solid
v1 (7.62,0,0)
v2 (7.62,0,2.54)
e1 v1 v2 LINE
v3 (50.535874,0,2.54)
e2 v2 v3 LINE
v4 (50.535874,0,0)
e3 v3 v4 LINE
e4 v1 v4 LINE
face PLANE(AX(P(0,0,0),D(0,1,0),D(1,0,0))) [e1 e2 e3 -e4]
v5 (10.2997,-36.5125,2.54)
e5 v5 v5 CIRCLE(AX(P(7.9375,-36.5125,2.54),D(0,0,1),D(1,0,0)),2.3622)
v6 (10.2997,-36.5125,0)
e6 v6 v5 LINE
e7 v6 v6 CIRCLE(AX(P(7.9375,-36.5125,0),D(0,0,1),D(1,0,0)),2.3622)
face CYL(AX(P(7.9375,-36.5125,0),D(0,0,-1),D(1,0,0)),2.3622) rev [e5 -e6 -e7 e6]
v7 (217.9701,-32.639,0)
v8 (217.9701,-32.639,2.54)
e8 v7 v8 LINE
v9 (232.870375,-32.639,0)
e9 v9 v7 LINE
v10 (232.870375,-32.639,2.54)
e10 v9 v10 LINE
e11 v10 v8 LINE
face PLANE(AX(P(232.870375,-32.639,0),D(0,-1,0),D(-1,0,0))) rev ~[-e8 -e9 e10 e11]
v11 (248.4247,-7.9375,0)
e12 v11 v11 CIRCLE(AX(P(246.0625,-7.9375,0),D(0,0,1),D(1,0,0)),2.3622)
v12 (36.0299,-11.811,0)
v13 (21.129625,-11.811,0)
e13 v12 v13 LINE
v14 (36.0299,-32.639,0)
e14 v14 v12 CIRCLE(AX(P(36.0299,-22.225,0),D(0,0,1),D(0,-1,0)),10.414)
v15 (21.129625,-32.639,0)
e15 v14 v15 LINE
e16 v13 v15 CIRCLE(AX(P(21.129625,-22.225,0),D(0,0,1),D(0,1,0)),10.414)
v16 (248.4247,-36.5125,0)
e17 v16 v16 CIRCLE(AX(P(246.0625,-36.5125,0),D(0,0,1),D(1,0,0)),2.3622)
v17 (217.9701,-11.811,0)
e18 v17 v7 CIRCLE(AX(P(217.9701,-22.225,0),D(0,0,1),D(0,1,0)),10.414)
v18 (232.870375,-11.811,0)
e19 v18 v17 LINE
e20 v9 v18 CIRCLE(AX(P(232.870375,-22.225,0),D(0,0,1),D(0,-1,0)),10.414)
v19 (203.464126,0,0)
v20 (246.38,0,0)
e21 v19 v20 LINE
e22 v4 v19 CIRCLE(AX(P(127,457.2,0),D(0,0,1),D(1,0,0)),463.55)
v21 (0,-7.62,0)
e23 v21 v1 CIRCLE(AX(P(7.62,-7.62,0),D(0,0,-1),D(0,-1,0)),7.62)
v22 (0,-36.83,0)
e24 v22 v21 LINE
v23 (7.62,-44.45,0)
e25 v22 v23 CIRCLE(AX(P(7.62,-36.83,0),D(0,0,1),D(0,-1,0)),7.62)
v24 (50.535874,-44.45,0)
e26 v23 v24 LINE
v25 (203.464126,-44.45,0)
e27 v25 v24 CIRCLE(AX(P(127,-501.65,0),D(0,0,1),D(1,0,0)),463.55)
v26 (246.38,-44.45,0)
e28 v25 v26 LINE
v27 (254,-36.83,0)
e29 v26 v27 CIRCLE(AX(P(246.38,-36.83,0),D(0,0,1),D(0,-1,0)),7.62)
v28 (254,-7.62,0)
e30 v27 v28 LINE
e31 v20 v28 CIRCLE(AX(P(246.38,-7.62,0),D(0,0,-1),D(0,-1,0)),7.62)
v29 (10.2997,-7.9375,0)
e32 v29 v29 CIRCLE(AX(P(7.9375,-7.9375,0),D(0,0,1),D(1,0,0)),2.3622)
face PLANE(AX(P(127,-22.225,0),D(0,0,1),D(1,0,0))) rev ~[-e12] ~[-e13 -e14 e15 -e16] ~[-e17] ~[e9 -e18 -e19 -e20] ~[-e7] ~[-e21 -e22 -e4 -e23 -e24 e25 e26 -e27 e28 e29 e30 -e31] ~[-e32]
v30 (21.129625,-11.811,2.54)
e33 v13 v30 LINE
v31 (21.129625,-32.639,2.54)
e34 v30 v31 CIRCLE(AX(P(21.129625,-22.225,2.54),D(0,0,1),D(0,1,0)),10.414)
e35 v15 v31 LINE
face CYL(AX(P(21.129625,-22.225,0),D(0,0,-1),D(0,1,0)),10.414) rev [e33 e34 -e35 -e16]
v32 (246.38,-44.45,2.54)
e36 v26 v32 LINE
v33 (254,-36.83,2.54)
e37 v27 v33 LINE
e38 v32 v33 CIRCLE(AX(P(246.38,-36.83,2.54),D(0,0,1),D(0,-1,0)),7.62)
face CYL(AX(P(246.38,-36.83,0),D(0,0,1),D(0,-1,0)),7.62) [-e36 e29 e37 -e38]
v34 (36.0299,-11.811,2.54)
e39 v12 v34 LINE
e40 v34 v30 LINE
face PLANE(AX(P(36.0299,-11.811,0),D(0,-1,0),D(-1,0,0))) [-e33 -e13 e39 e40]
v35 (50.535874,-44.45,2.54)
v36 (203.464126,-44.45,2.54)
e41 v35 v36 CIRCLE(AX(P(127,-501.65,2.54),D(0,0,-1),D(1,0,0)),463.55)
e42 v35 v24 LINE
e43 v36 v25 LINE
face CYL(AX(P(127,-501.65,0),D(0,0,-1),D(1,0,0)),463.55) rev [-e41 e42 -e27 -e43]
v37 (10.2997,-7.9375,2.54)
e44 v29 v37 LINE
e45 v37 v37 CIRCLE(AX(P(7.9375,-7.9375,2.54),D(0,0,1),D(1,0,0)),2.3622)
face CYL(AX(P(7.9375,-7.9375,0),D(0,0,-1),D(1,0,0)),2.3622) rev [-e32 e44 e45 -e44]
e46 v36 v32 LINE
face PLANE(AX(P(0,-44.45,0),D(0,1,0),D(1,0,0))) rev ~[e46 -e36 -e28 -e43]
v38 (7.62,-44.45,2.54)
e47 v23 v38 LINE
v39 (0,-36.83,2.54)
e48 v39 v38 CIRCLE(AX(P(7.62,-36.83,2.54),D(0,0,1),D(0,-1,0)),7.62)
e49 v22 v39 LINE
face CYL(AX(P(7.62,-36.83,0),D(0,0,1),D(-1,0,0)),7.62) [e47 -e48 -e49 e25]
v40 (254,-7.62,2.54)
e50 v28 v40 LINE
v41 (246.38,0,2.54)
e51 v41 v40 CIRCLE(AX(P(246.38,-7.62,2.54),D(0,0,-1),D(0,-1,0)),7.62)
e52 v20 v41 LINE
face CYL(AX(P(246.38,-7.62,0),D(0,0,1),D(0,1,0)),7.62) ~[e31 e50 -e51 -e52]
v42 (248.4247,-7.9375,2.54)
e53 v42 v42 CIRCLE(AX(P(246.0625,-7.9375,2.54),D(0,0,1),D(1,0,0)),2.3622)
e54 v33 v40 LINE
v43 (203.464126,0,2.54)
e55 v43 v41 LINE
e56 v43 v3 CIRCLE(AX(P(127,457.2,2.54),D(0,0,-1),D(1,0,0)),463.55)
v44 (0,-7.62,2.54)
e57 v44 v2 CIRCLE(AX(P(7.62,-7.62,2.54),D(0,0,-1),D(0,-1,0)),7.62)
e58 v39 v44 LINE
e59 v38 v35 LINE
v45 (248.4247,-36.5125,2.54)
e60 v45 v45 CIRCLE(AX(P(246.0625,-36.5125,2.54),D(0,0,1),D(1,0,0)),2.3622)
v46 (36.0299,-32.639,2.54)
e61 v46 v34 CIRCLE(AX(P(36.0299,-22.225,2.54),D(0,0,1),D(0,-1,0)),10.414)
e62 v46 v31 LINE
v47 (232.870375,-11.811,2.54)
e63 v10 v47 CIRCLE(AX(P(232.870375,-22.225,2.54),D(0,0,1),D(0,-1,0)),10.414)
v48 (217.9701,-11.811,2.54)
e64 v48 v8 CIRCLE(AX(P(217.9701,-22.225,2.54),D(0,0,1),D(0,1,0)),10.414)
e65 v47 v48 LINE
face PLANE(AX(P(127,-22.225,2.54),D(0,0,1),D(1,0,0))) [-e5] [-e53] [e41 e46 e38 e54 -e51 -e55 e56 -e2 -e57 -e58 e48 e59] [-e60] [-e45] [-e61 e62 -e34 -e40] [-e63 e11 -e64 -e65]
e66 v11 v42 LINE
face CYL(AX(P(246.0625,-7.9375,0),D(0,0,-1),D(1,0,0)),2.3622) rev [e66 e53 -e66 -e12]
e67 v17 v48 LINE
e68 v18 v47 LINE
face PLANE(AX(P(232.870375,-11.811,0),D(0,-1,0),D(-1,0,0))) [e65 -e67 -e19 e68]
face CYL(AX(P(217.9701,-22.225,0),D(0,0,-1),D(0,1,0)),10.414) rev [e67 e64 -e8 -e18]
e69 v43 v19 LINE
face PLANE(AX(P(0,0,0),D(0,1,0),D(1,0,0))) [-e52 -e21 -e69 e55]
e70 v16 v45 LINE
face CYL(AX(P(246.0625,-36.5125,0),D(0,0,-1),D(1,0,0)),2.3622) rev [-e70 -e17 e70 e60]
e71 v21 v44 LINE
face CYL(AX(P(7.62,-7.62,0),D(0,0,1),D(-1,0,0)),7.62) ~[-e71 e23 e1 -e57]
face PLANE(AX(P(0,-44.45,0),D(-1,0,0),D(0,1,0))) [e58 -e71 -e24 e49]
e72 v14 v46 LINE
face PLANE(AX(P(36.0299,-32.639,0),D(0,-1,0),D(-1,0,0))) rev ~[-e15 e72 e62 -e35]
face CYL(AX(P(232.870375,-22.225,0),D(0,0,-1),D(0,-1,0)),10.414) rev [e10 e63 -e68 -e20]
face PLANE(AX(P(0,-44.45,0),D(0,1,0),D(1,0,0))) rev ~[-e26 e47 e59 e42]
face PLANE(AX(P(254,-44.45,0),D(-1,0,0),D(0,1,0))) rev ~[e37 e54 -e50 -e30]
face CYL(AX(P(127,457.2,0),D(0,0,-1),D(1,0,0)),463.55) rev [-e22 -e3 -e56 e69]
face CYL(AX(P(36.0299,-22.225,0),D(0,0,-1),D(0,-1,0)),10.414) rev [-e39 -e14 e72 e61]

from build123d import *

# Parameters (mm, degrees)
SKETCH_W     = 254
SKETCH_H     = 44.45
SKETCH_R     = 2.3622
PAD_DEPTH    = 2.54
FILLET_R     = 7.62
SKETCH001_R  = 463.55
POCKET_DEPTH = 5.00126


with BuildPart() as part:
    # Sketch → Pad (new body)
    with BuildSketch(Plane.XY):
        with Locations((127, -22.225)):
            Rectangle(SKETCH_W, SKETCH_H)
        with Locations((7.9375, -7.9375)):
            Circle(SKETCH_R, mode=Mode.SUBTRACT)
        with Locations((7.9375, -36.5125)):
            Circle(SKETCH_R, mode=Mode.SUBTRACT)
        with Locations((246.0625, -7.9375)):
            Circle(SKETCH_R, mode=Mode.SUBTRACT)
        with Locations((246.0625, -36.5125)):
            Circle(SKETCH_R, mode=Mode.SUBTRACT)
        with BuildLine():
            ThreePointArc((36.0299, -32.639), (46.4439, -22.225), (36.0299, -11.811))
            Line((36.0299, -11.811), (21.129625, -11.811))
            ThreePointArc((21.129625, -11.811), (10.715625, -22.225), (21.129625, -32.639))
            Line((36.0299, -32.639), (21.129625, -32.639))
        make_face(mode=Mode.SUBTRACT)
        with BuildLine():
            ThreePointArc((232.870375, -32.639), (243.284375, -22.225), (232.870375, -11.811))
            Line((232.870375, -11.811), (217.9701, -11.811))
            ThreePointArc((217.9701, -11.811), (207.5561, -22.225), (217.9701, -32.639))
            Line((232.870375, -32.639), (217.9701, -32.639))
        make_face(mode=Mode.SUBTRACT)
    extrude(amount=PAD_DEPTH)

    # Fillet
    fillet_edges = [part.edges().sort_by_distance(p)[0] for p in [
        (0, -44.45, 1.27),
        (0, 0, 1.27),
        (254, -44.45, 1.27),
        (254, 0, 1.27),
    ]]
    fillet(fillet_edges, radius=FILLET_R)

    # Sketch001 → Pocket (cut)
    with BuildSketch(Plane.XY):
        with Locations((127, -501.65)):
            Circle(SKETCH001_R)
        with Locations((127, 457.2)):
            Circle(SKETCH001_R)
    extrude(amount=POCKET_DEPTH, mode=Mode.SUBTRACT)


solid = part.part
